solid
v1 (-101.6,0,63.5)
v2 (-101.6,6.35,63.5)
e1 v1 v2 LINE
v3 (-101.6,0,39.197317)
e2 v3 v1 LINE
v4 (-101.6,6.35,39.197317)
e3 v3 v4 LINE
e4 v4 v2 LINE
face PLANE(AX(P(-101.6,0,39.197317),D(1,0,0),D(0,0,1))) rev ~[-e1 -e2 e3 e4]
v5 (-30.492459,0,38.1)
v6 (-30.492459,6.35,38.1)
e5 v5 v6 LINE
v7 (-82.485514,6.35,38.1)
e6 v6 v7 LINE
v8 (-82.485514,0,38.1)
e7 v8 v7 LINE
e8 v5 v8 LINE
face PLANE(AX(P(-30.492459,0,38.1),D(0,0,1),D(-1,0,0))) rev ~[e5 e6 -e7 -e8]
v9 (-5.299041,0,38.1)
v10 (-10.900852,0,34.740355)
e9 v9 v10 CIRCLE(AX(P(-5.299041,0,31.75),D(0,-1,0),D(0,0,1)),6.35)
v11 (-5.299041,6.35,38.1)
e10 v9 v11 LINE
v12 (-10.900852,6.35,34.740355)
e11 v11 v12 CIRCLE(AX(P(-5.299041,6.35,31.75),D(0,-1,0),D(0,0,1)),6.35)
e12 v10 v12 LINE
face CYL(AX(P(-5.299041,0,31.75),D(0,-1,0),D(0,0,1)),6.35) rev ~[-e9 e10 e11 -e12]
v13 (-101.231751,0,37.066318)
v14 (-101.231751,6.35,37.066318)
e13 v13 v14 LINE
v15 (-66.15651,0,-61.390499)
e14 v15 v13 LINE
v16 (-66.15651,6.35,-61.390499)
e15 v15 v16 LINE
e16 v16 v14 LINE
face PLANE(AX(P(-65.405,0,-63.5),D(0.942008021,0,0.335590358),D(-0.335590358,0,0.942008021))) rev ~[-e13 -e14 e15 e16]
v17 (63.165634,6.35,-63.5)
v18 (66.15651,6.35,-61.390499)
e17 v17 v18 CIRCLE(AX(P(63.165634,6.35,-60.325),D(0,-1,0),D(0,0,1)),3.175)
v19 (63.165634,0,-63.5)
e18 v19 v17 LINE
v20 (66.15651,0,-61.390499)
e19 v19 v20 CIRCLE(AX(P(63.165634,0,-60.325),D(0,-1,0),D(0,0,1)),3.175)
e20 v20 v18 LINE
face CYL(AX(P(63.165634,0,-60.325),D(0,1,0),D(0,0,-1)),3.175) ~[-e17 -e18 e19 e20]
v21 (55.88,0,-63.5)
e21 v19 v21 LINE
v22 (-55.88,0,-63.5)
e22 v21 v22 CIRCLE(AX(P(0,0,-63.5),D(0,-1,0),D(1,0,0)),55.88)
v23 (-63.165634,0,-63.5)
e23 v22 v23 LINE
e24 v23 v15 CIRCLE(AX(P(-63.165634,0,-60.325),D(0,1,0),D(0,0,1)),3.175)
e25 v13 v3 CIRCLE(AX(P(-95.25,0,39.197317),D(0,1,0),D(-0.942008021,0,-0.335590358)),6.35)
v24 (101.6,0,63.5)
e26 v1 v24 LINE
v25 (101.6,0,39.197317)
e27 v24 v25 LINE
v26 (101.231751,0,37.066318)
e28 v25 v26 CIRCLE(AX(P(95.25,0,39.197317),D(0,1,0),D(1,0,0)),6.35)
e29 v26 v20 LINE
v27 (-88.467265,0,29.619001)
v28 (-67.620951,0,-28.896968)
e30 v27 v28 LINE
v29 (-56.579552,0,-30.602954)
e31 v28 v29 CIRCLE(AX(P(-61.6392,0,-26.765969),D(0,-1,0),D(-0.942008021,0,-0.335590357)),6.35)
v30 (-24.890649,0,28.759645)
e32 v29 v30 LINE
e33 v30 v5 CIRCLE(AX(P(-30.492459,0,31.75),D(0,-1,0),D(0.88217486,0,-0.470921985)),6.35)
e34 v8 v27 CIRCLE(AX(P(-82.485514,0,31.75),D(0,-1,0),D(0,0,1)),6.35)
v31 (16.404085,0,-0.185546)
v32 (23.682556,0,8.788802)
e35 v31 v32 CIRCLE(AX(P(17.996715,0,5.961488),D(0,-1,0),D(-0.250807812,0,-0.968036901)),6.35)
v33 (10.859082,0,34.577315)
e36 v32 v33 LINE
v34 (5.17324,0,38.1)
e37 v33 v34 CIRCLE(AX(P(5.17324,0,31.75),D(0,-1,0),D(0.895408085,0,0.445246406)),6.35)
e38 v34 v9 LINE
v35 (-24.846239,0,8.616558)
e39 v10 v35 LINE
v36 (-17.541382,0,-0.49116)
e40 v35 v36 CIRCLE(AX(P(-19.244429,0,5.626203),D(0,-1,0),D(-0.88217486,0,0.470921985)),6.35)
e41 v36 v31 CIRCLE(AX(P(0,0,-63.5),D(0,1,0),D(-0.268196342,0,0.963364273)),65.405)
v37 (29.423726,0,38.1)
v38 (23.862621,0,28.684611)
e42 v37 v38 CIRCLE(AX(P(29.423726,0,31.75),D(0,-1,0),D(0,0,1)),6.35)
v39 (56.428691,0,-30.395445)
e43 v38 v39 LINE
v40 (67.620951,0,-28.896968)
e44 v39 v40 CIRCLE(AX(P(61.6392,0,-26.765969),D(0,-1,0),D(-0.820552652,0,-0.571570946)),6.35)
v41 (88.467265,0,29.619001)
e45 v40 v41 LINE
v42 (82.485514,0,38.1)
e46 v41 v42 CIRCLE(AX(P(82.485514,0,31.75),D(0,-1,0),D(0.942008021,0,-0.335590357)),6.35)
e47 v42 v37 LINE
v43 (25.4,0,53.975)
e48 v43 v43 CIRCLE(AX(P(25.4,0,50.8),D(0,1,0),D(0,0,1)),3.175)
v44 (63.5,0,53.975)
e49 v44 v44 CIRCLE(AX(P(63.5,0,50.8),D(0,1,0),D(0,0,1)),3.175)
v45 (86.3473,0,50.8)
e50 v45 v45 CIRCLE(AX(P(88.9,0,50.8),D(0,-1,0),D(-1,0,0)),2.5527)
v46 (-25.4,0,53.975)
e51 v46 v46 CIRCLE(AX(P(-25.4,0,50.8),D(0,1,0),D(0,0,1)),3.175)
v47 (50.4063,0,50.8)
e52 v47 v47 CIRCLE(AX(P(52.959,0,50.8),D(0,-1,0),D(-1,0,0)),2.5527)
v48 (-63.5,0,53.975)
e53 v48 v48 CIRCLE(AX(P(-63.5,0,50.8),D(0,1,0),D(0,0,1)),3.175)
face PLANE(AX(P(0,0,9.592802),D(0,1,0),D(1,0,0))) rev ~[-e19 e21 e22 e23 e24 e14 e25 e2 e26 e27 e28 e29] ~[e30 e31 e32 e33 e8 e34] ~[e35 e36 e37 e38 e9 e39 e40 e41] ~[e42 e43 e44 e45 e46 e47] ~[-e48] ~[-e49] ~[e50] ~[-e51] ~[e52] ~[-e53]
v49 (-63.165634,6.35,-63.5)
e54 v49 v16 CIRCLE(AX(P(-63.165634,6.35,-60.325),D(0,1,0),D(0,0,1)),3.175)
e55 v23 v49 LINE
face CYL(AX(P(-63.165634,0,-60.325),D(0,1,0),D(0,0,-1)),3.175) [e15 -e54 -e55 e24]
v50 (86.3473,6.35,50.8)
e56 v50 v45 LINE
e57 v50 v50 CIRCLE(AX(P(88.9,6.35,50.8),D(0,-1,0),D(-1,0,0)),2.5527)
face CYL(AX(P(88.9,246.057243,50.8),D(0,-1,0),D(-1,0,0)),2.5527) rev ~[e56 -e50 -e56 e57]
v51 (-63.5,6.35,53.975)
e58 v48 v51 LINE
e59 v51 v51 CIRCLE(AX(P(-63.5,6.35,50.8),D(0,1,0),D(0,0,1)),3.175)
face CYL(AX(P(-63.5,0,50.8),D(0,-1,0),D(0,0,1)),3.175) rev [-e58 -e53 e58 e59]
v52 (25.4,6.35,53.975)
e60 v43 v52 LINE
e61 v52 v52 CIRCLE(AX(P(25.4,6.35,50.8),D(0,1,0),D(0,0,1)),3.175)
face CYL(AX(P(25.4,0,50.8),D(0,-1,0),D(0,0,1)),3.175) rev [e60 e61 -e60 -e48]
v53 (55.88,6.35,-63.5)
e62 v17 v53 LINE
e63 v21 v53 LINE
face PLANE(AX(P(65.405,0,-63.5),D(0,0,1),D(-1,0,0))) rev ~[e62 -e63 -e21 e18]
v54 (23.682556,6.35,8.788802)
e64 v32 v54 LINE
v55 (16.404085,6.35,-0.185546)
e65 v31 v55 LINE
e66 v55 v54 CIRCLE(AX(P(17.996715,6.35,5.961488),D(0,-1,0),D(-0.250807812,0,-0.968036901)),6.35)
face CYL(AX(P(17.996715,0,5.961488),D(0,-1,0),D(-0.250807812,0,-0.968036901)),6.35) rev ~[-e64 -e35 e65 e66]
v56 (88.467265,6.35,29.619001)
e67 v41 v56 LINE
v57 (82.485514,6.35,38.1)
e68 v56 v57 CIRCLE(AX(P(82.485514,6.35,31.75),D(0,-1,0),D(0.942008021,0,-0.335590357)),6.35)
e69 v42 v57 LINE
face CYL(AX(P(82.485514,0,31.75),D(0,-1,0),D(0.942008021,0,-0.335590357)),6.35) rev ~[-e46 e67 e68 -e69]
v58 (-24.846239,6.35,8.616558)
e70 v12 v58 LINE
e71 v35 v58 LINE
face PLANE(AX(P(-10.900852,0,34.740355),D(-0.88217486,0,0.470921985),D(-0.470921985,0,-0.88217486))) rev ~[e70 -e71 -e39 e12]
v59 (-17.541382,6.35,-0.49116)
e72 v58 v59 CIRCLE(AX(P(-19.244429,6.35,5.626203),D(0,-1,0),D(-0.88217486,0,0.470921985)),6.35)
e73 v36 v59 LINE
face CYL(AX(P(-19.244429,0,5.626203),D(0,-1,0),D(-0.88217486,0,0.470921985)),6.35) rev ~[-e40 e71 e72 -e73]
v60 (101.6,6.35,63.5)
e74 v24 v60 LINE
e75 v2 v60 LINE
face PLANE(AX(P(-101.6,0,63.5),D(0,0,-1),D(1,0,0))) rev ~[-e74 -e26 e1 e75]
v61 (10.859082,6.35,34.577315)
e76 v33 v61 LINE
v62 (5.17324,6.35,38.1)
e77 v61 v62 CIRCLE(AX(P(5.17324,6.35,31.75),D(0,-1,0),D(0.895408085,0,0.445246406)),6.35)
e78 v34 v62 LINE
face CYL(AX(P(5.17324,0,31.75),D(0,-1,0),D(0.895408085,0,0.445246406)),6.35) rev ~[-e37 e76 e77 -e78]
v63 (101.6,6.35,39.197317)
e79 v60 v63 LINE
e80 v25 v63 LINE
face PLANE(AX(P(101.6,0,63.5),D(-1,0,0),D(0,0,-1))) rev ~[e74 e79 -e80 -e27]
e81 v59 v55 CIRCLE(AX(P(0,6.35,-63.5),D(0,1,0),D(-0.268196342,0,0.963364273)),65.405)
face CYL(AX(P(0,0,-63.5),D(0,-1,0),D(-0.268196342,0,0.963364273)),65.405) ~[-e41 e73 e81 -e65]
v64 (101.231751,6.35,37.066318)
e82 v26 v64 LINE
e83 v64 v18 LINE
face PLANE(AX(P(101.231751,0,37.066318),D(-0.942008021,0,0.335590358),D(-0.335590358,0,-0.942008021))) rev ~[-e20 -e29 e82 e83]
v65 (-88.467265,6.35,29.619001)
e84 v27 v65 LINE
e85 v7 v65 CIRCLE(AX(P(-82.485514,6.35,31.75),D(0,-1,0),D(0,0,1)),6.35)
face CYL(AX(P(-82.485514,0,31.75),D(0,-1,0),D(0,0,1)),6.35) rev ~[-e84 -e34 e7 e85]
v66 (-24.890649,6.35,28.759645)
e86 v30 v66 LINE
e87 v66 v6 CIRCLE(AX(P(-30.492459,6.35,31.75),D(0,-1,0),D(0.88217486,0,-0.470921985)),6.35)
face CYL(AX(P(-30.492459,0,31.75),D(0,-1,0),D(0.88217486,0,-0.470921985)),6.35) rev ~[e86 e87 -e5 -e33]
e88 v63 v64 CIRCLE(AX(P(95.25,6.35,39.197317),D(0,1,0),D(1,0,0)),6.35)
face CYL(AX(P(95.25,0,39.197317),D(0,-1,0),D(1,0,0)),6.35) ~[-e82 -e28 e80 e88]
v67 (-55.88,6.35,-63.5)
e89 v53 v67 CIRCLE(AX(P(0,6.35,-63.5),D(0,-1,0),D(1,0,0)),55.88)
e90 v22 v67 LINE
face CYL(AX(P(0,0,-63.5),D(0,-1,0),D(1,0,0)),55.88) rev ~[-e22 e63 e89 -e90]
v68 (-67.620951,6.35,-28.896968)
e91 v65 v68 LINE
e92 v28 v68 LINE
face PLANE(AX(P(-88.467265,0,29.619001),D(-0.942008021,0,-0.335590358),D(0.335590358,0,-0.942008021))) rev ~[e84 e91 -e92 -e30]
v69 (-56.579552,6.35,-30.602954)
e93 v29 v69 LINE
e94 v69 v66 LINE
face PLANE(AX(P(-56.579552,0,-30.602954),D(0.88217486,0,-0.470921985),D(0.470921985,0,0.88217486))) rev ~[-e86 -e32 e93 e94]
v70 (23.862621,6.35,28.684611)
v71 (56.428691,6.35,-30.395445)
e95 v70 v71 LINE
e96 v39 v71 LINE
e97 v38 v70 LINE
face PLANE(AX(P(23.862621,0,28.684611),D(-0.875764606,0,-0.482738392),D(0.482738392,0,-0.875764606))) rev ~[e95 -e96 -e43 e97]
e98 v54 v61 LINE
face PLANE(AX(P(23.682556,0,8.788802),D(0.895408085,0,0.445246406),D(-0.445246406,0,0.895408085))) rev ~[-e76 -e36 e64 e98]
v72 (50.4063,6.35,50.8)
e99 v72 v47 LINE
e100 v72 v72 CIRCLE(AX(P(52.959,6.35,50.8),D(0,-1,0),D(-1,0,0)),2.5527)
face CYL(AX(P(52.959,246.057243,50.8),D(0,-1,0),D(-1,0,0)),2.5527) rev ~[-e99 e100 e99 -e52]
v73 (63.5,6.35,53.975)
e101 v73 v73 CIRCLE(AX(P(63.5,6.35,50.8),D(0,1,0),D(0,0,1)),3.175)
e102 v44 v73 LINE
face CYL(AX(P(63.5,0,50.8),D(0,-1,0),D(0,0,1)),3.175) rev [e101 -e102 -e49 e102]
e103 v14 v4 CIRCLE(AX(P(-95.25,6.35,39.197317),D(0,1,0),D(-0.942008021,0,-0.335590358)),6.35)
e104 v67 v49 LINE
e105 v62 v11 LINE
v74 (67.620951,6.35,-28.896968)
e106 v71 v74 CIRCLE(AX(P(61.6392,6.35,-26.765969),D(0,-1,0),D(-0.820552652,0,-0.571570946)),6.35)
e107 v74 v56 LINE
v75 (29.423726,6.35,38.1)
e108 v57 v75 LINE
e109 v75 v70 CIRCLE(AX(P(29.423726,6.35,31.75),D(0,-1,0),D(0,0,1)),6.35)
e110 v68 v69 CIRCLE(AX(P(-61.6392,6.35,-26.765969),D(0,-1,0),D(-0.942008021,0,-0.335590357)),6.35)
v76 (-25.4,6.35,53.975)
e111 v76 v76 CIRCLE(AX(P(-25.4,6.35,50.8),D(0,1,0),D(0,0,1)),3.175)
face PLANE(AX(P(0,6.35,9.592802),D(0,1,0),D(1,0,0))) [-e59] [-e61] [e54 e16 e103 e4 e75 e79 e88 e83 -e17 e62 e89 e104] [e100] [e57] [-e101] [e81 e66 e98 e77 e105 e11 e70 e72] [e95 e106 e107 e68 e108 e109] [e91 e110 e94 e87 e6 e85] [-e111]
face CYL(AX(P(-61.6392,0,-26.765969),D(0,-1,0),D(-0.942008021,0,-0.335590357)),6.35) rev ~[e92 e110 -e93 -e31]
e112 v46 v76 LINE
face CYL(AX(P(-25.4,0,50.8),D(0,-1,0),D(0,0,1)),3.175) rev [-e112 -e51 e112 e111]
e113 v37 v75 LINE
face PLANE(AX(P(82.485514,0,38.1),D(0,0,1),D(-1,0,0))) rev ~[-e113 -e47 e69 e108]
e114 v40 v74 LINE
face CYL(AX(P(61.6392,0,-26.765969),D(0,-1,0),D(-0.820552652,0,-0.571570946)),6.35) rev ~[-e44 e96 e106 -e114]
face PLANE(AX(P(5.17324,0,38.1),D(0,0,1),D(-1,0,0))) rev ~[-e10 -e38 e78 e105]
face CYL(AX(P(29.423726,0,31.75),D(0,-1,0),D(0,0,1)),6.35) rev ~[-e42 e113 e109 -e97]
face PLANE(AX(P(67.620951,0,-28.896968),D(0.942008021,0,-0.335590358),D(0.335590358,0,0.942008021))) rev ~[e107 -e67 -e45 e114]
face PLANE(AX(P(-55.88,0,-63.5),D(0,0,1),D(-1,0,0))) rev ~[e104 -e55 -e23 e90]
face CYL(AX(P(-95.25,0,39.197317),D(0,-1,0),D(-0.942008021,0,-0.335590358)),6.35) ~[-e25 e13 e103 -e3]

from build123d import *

# Parameters (mm, degrees)
SKETCH1_R              = 3.175
BOSS_EXTRUDE1_DEPTH    = 6.35
FILLET1_R              = 3.175
F_10_CLEARANCE_HOLE1_D = 5.1054


with BuildPart() as part:
    # Sketch1 → Boss-Extrude1 (new body)
    with BuildSketch(Plane(origin=(0, 0, 0), x_dir=(1, 0, 0), z_dir=(0, 1, 0))):
        with BuildLine():
            ThreePointArc((55.88, 63.5), (0, 7.62), (-55.88, 63.5))
            Line((-55.88, 63.5), (-65.405, 63.5))
            Line((-65.405, 63.5), (-101.231750934, -37.066318412))
            ThreePointArc((-101.231750934, -37.066318412), (-101.50726052, -38.116025925), (-101.6, -39.197317183))
            Line((-101.6, -39.197317183), (-101.6, -63.5))
            Line((-101.6, -63.5), (101.6, -63.5))
            Line((101.6, -63.5), (101.6, -39.197317183))
            ThreePointArc((101.6, -39.197317183), (101.50726052, -38.116025925), (101.231750934, -37.066318412))
            Line((101.231750934, -37.066318412), (65.405, 63.5))
            Line((65.405, 63.5), (55.88, 63.5))
        make_face()
        with Locations(Location((-63.5, -50.8, 0), (0, 0, 270))):
            Circle(SKETCH1_R, mode=Mode.SUBTRACT)
        with Locations(Location((-25.4, -50.8, 0), (0, 0, 270))):
            Circle(SKETCH1_R, mode=Mode.SUBTRACT)
        with BuildLine():
            Line((-30.492459165, -38.1), (-82.485514384, -38.1))
            ThreePointArc((-82.485514384, -38.1), (-87.67465411, -35.409962965), (-88.467265319, -29.61900123))
            Line((-88.467265319, -29.61900123), (-67.620951247, 28.896968093))
            ThreePointArc((-67.620951247, 28.896968093), (-62.60882158, 33.04150393), (-56.579551543, 30.602954379))
            Line((-56.579551543, 30.602954379), (-24.890648803, -28.759645393))
            ThreePointArc((-24.890648803, -28.759645393), (-25.046761241, -35.016018084), (-30.492459165, -38.1))
        make_face(mode=Mode.SUBTRACT)
        with BuildLine():
            ThreePointArc((-5.299041163, -38.1), (-8.565059247, -37.195697924), (-10.900851525, -34.740354607))
            Line((-10.900851525, -34.740354607), (-24.84623891, -8.616557995))
            ThreePointArc((-24.84623891, -8.616557995), (-24.197984845, -1.653196967), (-17.541381774, 0.491159744))
            ThreePointArc((-17.541381774, 0.491159744), (-0.588821605, -1.902349454), (16.404084946, 0.185546499))
            ThreePointArc((16.404084946, 0.185546499), (22.928583423, -1.961591642), (23.68255589, -8.788802499))
            Line((23.68255589, -8.788802499), (10.859081809, -34.577314678))
            ThreePointArc((10.859081809, -34.577314678), (8.517567892, -37.14796018), (5.173240471, -38.1))
            Line((5.173240471, -38.1), (-5.299041163, -38.1))
        make_face(mode=Mode.SUBTRACT)
        with Locations(Location((25.4, -50.8, 0), (0, 0, 270))):
            Circle(SKETCH1_R, mode=Mode.SUBTRACT)
        with Locations(Location((63.5, -50.8, 0), (0, 0, 270))):
            Circle(SKETCH1_R, mode=Mode.SUBTRACT)
        with BuildLine():
            Line((67.620951247, 28.896968093), (88.467265319, -29.61900123))
            ThreePointArc((88.467265319, -29.61900123), (87.67465411, -35.409962965), (82.485514384, -38.1))
            Line((82.485514384, -38.1), (29.423726477, -38.1))
            ThreePointArc((29.423726477, -38.1), (23.956198754, -34.979340583), (23.862621229, -28.684611212))
            Line((23.862621229, -28.684611212), (56.428690976, 30.395444829))
            ThreePointArc((56.428690976, 30.395444829), (62.481851802, 33.059810636), (67.620951247, 28.896968093))
        make_face(mode=Mode.SUBTRACT)
    extrude(amount=BOSS_EXTRUDE1_DEPTH)

    # Fillet1
    fillet1_edges = [part.edges().sort_by_distance(p)[0] for p in [
        (-65.405, 3.175, -63.5),
        (65.405, 3.175, -63.5),
    ]]
    fillet(fillet1_edges, radius=FILLET1_R)

    # #10 Clearance Hole1 (through all)
    with Locations(Plane(origin=(0, 6.35, 0), x_dir=(1, 0, 0), z_dir=(0, 1, 0))):
        with Locations((52.959, -50.8), (88.9, -50.8)):
            Hole(F_10_CLEARANCE_HOLE1_D / 2)


solid = part.part
